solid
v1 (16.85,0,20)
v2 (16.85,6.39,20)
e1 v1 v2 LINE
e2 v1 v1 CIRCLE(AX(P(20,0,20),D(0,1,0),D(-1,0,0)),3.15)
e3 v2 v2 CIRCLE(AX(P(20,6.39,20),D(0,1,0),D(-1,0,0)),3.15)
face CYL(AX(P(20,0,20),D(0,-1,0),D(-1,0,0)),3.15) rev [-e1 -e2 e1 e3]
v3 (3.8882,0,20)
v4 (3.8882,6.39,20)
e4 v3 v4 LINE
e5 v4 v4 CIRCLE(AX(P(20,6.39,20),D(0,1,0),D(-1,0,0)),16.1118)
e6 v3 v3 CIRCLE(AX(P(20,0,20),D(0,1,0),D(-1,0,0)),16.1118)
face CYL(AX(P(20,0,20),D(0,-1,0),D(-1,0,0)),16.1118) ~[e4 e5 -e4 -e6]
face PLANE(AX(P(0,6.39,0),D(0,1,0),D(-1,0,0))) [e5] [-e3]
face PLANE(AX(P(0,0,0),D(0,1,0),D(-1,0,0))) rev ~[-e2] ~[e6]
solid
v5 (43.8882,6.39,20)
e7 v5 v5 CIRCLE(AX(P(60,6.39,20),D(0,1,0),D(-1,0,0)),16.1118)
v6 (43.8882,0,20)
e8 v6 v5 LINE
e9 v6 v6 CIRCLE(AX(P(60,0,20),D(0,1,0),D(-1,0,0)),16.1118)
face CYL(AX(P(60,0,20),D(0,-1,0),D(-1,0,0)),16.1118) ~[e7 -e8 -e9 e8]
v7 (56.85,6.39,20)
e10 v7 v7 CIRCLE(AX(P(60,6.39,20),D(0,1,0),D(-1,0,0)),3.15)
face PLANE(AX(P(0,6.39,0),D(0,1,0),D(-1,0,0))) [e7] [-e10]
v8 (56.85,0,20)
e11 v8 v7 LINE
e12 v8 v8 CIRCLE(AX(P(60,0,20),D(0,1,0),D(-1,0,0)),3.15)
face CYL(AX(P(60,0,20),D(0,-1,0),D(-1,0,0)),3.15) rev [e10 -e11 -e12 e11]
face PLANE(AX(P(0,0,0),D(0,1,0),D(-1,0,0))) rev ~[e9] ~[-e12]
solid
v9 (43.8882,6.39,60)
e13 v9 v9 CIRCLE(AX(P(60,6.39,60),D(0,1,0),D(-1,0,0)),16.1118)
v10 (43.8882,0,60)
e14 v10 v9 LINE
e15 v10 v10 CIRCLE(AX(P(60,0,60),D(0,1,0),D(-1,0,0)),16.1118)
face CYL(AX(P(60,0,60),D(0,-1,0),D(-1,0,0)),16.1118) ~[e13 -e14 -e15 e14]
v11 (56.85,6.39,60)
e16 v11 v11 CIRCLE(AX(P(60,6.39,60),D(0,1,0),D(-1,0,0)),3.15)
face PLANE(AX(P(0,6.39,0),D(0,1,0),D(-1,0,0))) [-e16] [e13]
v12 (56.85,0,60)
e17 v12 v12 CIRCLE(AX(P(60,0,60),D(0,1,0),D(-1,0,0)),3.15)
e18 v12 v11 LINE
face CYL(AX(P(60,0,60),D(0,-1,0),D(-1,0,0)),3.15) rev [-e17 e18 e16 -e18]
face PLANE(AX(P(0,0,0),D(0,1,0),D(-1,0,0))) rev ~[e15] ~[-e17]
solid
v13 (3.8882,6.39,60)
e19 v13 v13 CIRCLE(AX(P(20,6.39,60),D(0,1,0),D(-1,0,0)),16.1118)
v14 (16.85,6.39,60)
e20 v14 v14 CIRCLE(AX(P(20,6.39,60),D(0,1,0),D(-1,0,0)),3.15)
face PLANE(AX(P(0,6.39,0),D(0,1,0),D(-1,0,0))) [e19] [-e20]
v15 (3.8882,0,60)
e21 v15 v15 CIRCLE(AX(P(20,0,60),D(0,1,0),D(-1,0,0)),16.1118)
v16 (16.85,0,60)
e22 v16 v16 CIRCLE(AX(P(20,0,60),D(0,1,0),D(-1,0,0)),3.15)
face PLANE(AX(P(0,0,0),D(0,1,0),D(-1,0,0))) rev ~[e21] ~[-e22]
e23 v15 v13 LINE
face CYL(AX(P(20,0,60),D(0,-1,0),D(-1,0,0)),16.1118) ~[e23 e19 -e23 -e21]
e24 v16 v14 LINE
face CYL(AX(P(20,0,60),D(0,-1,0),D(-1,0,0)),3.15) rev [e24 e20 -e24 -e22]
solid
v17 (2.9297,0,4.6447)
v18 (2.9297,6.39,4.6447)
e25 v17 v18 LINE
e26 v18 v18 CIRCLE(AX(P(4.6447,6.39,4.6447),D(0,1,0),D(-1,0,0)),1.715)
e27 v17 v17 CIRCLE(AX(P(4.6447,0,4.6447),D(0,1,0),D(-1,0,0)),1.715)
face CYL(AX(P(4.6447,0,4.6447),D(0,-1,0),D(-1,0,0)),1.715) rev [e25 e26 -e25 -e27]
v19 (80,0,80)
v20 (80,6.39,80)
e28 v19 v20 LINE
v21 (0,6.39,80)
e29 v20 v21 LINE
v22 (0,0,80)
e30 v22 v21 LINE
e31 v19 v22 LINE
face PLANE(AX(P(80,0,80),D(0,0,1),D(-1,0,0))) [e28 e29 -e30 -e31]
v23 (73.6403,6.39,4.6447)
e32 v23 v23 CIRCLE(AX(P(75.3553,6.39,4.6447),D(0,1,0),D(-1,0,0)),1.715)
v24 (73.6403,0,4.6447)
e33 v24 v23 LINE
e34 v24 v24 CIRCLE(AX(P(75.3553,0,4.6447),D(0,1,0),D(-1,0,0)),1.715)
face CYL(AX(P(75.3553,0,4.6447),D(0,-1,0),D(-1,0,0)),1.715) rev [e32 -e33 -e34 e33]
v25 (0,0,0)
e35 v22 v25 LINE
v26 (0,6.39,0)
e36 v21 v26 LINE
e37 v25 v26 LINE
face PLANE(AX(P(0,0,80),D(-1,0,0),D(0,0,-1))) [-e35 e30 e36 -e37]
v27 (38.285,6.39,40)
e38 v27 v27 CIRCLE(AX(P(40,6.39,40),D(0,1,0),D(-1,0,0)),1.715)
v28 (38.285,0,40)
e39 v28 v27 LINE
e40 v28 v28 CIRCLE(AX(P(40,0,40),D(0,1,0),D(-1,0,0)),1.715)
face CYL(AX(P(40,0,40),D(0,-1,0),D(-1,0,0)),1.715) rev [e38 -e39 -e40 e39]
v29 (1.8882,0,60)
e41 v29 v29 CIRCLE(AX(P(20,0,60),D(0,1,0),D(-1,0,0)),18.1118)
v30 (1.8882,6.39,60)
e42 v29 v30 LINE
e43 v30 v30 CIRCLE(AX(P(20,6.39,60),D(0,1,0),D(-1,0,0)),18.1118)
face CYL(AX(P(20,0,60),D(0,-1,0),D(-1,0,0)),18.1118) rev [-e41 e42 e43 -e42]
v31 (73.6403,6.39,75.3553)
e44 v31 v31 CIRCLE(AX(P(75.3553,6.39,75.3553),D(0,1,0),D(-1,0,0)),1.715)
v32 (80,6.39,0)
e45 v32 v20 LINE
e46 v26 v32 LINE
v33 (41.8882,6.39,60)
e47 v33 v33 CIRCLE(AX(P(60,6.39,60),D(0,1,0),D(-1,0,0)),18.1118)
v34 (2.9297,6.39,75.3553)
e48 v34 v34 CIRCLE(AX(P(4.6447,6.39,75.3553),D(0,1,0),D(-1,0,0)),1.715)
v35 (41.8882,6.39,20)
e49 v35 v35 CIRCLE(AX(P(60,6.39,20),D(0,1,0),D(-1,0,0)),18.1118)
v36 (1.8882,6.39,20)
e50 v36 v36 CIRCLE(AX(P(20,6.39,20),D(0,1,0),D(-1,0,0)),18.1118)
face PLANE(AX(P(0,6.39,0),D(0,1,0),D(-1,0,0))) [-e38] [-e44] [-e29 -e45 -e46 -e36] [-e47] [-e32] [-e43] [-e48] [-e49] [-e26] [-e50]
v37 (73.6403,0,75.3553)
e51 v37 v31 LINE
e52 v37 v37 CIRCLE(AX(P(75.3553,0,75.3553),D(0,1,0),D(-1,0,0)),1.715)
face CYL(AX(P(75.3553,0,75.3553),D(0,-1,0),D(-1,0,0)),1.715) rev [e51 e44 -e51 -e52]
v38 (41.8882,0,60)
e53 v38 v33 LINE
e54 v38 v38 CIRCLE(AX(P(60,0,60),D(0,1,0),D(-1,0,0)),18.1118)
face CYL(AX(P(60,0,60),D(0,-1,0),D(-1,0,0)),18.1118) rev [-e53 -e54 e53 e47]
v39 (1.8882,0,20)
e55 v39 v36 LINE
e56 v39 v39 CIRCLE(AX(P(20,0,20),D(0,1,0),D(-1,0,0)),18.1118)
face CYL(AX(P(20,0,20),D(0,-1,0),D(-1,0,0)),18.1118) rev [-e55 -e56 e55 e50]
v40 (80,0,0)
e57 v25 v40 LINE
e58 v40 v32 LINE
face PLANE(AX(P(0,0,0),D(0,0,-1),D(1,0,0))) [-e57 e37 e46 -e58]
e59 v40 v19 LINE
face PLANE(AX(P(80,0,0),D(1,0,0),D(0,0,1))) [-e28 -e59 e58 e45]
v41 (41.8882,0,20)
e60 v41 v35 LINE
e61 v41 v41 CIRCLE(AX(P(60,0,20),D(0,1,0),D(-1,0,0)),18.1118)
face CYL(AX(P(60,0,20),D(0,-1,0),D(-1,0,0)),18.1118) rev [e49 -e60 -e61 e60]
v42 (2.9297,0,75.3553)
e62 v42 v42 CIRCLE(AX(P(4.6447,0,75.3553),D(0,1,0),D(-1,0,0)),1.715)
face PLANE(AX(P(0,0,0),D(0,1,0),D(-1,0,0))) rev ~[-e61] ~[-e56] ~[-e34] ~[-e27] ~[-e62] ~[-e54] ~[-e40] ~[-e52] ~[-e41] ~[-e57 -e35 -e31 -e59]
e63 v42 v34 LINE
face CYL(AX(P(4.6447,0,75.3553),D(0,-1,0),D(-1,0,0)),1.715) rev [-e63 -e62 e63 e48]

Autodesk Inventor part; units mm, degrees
ref_plane "YZ Plane" through (0, 0, 0) normal (1, 0, 0) x (0, 1, 0)
ref_plane "XZ Plane" through (0, 0, 0) normal (0, 1, 0) x (-1, 0, 0)
ref_plane "XY Plane" through (0, 0, 0) normal (0, 0, 1) x (1, 0, 0)
sketch "Sketch1" plane through (0, 0, 0) normal (0, 1, 0) x (-1, 0, 0)
  line L0 (0, 0) -> (-80, 0)
  line L1 (-80, 0) -> (-80, 80)
  line L2 (-80, 80) -> (0, 80)
  line L3 (0, 80) -> (0, 0)
  line L4 (0, 40) -> (-40, 40) construction
  line L5 (-40, 40) -> (-40, 80) construction
  line L6 (-40, 40) -> (-80, 40) construction
  line L7 (-40, 40) -> (-40, 0) construction
  circle A0 centre (-20, 20) radius 18.1118
  circle A1 centre (-20, 20) radius 16.1118
  circle A2 centre (-20, 20) radius 3.15
  circle A3 centre (-4.6447, 4.6447) radius 1.715
  line L8 (-40, 40) -> (0, 0) construction
  circle A4 centre (-20, 60) radius 18.1118
  circle A5 centre (-20, 60) radius 16.1118
  circle A6 centre (-20, 60) radius 3.15
  circle A7 centre (-4.6447, 75.3553) radius 1.715
  circle A8 centre (-60, 20) radius 18.1118
  circle A9 centre (-60, 20) radius 16.1118
  circle A10 centre (-60, 20) radius 3.15
  circle A11 centre (-75.3553, 4.6447) radius 1.715
  circle A12 centre (-75.3553, 75.3553) radius 1.715
  circle A13 centre (-60, 60) radius 18.1118
  circle A14 centre (-60, 60) radius 16.1118
  circle A15 centre (-60, 60) radius 3.15
  circle A16 centre (-40, 40) radius 1.715
  point P0 (-20, 40)
  point P1 (-40, 20)
  dimension "d0" = 80
  dimension "d1" = 80
  dimension "d2" = 36.2235
  dimension "d3" = 2
  dimension "d4" = 6.3
  dimension "d5" = 3.43
  dimension "d6" = 50
  dimension "d7" = 3.43
extrude "Extrusion1" add sketch "Sketch1" along normal blind 6.39
equation "\"d0\" = VccumCoverSize"
equation "\"d1\" = VccumCoverSize"
equation "\"d2\" = SiliconeRingDiameter"
equation "\"d3\" = SiliconeOverlapThickness"
equation "\"d4\" = DowlDiameter"
equation "\"d5\" = HoldScrewDiameter"
equation "\"d7\" = HoldScrewDiameter"
equation "\"d8\" = WoodThickness"
equation "\"SiliconeOverlapThickness\" = 2"
equation "\"VccumCoverSize\" = 80"
equation "\"SiliconeRingDiameter\" = 36.2235"
equation "\"DowlDiameter\" = 6.3"
equation "\"HoldScrewDiameter\" = 3.43"
equation "\"WoodThickness\" = 6.39"
properties part number "MotorSiliconeMold_2" material "MDF Medium Density Fiberboard"
